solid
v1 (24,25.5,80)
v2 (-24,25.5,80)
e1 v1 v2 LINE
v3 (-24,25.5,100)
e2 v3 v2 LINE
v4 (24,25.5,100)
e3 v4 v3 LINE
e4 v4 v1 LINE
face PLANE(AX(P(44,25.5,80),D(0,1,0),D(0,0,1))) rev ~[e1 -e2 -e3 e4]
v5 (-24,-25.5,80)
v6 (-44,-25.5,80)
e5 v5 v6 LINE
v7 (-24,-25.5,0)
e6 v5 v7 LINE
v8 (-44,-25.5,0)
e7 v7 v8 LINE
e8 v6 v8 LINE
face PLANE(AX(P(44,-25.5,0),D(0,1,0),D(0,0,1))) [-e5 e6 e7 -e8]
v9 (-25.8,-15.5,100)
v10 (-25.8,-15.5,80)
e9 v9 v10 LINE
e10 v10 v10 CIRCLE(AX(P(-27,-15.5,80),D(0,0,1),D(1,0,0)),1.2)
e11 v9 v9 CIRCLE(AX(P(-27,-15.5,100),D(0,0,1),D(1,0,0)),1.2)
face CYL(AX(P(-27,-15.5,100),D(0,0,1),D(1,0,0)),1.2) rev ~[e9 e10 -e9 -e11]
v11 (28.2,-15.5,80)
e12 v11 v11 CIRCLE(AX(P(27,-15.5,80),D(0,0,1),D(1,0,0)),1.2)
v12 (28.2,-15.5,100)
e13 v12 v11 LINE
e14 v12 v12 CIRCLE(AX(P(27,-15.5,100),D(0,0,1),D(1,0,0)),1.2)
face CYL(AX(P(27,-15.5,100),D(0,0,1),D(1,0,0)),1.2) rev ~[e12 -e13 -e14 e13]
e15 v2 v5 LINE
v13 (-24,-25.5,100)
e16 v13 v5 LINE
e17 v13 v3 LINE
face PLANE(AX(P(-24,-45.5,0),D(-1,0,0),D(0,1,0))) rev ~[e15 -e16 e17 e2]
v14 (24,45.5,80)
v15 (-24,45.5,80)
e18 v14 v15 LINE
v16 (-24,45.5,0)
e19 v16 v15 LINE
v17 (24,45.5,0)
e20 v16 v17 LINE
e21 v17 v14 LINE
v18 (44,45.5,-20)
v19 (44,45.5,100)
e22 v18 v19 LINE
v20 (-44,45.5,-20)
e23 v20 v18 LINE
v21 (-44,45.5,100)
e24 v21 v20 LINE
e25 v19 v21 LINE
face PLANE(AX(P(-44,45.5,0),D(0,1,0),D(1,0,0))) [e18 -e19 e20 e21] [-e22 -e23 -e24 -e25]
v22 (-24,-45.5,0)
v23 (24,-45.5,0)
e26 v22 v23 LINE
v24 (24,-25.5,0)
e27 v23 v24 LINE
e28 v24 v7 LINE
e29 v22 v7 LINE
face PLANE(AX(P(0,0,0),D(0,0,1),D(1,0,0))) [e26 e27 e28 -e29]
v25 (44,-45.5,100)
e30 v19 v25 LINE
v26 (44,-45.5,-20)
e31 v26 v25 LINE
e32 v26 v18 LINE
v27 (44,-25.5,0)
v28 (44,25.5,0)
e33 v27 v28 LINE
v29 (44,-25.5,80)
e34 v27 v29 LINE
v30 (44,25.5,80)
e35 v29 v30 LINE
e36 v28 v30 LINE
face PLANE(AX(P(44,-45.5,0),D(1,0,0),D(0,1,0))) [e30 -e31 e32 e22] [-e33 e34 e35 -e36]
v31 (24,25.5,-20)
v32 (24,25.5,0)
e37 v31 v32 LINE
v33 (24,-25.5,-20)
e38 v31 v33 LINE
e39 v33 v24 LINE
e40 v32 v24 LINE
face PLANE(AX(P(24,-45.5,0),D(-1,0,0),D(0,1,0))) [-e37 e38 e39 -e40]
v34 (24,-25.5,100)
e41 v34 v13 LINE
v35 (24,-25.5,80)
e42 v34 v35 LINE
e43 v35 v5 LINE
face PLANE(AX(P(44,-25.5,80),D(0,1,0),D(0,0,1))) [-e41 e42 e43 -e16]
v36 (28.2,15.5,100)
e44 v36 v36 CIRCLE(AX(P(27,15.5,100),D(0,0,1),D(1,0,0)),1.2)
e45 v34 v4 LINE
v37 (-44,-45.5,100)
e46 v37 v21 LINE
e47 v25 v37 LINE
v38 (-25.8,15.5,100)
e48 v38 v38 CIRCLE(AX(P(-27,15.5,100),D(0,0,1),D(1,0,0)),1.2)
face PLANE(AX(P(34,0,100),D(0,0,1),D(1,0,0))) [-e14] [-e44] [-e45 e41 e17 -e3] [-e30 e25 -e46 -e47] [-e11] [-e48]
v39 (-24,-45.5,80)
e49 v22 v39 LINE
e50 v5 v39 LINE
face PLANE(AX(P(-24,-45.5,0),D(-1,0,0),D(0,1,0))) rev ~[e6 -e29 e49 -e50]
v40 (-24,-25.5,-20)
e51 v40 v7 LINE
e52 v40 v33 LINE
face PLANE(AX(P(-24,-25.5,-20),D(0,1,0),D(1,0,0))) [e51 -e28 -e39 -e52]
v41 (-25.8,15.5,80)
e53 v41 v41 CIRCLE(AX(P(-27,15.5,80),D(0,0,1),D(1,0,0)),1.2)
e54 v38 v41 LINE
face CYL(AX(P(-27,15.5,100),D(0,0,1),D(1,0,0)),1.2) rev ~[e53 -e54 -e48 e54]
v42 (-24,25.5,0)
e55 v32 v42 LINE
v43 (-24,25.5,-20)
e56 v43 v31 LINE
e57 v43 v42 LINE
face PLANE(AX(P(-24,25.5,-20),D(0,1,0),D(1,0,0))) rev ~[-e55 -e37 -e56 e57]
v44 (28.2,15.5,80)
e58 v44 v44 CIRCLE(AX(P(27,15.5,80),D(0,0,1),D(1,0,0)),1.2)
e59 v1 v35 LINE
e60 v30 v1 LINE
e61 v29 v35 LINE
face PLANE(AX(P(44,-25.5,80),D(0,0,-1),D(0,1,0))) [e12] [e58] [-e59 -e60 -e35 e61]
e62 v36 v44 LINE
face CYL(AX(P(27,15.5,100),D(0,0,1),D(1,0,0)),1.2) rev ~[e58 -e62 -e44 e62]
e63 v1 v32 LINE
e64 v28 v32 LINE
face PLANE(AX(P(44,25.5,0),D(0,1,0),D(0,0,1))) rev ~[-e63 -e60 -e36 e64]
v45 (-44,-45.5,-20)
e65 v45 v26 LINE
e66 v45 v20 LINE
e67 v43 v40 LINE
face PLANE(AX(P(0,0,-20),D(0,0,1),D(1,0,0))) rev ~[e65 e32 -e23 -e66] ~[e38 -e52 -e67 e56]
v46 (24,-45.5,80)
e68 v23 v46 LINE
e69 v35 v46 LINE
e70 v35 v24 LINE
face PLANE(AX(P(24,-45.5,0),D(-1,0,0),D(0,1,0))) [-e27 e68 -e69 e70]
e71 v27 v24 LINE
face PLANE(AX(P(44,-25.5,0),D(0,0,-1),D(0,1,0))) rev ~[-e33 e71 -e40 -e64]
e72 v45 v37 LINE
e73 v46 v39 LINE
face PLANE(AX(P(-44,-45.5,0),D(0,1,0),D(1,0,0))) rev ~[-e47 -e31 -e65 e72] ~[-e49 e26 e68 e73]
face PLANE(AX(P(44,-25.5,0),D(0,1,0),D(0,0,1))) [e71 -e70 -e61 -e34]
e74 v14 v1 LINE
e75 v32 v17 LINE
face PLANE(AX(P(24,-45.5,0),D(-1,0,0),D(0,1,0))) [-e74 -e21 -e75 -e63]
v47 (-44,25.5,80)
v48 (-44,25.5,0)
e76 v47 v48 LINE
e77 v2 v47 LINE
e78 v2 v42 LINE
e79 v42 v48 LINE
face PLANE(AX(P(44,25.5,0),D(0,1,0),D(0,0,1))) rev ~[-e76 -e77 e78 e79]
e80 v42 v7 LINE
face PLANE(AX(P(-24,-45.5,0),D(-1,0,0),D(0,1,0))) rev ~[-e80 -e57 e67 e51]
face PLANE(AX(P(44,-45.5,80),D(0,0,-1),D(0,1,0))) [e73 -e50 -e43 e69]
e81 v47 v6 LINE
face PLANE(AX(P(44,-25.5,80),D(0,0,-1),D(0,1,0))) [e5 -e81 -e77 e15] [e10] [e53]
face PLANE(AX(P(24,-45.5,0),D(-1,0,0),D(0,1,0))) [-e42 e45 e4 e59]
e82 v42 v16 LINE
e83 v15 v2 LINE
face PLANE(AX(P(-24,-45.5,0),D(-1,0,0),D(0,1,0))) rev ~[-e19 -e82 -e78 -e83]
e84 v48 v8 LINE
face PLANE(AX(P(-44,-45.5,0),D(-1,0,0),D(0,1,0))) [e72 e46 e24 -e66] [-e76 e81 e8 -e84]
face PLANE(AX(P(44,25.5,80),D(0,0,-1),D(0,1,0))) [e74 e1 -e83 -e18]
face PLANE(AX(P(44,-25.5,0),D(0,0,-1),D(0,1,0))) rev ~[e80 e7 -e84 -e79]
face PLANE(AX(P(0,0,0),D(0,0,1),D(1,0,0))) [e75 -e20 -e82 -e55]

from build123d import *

# Parameters (mm, degrees)
F0_W      = 88
F0_H      = 91
F1_DEPTH  = 20
F2_W      = 20
F2_H      = 91
F3_DEPTH  = 100
F5_W      = 20
F5_H      = 20
F6_DEPTH  = 70
F7_R      = 1.2
F8_DEPTH  = 25
F9_W      = 48
F9_H      = 51
F10_DEPTH = 25
F11_W     = 51
F11_H     = 80
F12_DEPTH = 88.001


with BuildPart() as f1:
    # F0 (on Top) → F1 (new body)
    with BuildSketch(Plane.XY):
        Rectangle(F0_W, F0_H)
    extrude(amount=-F1_DEPTH)

    # F2 (on face) → F3 (join)
    with BuildSketch(Plane.XY):
        with Locations((-34, 0)):
            Rectangle(F2_W, F2_H)
        with Locations((34, 0)):
            Rectangle(F2_W, F2_H)
    extrude(amount=F3_DEPTH)

    # F5 (on face) → F6 (join)
    with BuildSketch(Plane.YZ.offset(44)):
        with Locations((-35.5, 90)):
            Rectangle(F5_W, F5_H)
        with Locations((35.5, 90)):
            Rectangle(F5_W, F5_H)
    extrude(amount=-F6_DEPTH)

    # F7 (on face) → F8 (cut)
    with BuildSketch(Plane.XY.offset(100)):
        with Locations((-27, 15.5)):
            Circle(F7_R)
        with Locations((-27, -15.5)):
            Circle(F7_R)
        with Locations((27, 15.5)):
            Circle(F7_R)
        with Locations((27, -15.5)):
            Circle(F7_R)
    extrude(amount=-F8_DEPTH, mode=Mode.SUBTRACT)

    # F9 (on face) → F10 (cut)
    with BuildSketch(Plane(origin=(0, 0, -20), x_dir=(1, 0, 0), z_dir=(0, 0, -1))):
        Rectangle(F9_W, F9_H)
    extrude(amount=-F10_DEPTH, mode=Mode.SUBTRACT)

    # F11 (on face) → F12 (cut, through all)
    with BuildSketch(Plane.YZ.offset(44)):
        with Locations((0, 40)):
            Rectangle(F11_W, F11_H)
    extrude(amount=-F12_DEPTH, mode=Mode.SUBTRACT)


solid = f1.part
